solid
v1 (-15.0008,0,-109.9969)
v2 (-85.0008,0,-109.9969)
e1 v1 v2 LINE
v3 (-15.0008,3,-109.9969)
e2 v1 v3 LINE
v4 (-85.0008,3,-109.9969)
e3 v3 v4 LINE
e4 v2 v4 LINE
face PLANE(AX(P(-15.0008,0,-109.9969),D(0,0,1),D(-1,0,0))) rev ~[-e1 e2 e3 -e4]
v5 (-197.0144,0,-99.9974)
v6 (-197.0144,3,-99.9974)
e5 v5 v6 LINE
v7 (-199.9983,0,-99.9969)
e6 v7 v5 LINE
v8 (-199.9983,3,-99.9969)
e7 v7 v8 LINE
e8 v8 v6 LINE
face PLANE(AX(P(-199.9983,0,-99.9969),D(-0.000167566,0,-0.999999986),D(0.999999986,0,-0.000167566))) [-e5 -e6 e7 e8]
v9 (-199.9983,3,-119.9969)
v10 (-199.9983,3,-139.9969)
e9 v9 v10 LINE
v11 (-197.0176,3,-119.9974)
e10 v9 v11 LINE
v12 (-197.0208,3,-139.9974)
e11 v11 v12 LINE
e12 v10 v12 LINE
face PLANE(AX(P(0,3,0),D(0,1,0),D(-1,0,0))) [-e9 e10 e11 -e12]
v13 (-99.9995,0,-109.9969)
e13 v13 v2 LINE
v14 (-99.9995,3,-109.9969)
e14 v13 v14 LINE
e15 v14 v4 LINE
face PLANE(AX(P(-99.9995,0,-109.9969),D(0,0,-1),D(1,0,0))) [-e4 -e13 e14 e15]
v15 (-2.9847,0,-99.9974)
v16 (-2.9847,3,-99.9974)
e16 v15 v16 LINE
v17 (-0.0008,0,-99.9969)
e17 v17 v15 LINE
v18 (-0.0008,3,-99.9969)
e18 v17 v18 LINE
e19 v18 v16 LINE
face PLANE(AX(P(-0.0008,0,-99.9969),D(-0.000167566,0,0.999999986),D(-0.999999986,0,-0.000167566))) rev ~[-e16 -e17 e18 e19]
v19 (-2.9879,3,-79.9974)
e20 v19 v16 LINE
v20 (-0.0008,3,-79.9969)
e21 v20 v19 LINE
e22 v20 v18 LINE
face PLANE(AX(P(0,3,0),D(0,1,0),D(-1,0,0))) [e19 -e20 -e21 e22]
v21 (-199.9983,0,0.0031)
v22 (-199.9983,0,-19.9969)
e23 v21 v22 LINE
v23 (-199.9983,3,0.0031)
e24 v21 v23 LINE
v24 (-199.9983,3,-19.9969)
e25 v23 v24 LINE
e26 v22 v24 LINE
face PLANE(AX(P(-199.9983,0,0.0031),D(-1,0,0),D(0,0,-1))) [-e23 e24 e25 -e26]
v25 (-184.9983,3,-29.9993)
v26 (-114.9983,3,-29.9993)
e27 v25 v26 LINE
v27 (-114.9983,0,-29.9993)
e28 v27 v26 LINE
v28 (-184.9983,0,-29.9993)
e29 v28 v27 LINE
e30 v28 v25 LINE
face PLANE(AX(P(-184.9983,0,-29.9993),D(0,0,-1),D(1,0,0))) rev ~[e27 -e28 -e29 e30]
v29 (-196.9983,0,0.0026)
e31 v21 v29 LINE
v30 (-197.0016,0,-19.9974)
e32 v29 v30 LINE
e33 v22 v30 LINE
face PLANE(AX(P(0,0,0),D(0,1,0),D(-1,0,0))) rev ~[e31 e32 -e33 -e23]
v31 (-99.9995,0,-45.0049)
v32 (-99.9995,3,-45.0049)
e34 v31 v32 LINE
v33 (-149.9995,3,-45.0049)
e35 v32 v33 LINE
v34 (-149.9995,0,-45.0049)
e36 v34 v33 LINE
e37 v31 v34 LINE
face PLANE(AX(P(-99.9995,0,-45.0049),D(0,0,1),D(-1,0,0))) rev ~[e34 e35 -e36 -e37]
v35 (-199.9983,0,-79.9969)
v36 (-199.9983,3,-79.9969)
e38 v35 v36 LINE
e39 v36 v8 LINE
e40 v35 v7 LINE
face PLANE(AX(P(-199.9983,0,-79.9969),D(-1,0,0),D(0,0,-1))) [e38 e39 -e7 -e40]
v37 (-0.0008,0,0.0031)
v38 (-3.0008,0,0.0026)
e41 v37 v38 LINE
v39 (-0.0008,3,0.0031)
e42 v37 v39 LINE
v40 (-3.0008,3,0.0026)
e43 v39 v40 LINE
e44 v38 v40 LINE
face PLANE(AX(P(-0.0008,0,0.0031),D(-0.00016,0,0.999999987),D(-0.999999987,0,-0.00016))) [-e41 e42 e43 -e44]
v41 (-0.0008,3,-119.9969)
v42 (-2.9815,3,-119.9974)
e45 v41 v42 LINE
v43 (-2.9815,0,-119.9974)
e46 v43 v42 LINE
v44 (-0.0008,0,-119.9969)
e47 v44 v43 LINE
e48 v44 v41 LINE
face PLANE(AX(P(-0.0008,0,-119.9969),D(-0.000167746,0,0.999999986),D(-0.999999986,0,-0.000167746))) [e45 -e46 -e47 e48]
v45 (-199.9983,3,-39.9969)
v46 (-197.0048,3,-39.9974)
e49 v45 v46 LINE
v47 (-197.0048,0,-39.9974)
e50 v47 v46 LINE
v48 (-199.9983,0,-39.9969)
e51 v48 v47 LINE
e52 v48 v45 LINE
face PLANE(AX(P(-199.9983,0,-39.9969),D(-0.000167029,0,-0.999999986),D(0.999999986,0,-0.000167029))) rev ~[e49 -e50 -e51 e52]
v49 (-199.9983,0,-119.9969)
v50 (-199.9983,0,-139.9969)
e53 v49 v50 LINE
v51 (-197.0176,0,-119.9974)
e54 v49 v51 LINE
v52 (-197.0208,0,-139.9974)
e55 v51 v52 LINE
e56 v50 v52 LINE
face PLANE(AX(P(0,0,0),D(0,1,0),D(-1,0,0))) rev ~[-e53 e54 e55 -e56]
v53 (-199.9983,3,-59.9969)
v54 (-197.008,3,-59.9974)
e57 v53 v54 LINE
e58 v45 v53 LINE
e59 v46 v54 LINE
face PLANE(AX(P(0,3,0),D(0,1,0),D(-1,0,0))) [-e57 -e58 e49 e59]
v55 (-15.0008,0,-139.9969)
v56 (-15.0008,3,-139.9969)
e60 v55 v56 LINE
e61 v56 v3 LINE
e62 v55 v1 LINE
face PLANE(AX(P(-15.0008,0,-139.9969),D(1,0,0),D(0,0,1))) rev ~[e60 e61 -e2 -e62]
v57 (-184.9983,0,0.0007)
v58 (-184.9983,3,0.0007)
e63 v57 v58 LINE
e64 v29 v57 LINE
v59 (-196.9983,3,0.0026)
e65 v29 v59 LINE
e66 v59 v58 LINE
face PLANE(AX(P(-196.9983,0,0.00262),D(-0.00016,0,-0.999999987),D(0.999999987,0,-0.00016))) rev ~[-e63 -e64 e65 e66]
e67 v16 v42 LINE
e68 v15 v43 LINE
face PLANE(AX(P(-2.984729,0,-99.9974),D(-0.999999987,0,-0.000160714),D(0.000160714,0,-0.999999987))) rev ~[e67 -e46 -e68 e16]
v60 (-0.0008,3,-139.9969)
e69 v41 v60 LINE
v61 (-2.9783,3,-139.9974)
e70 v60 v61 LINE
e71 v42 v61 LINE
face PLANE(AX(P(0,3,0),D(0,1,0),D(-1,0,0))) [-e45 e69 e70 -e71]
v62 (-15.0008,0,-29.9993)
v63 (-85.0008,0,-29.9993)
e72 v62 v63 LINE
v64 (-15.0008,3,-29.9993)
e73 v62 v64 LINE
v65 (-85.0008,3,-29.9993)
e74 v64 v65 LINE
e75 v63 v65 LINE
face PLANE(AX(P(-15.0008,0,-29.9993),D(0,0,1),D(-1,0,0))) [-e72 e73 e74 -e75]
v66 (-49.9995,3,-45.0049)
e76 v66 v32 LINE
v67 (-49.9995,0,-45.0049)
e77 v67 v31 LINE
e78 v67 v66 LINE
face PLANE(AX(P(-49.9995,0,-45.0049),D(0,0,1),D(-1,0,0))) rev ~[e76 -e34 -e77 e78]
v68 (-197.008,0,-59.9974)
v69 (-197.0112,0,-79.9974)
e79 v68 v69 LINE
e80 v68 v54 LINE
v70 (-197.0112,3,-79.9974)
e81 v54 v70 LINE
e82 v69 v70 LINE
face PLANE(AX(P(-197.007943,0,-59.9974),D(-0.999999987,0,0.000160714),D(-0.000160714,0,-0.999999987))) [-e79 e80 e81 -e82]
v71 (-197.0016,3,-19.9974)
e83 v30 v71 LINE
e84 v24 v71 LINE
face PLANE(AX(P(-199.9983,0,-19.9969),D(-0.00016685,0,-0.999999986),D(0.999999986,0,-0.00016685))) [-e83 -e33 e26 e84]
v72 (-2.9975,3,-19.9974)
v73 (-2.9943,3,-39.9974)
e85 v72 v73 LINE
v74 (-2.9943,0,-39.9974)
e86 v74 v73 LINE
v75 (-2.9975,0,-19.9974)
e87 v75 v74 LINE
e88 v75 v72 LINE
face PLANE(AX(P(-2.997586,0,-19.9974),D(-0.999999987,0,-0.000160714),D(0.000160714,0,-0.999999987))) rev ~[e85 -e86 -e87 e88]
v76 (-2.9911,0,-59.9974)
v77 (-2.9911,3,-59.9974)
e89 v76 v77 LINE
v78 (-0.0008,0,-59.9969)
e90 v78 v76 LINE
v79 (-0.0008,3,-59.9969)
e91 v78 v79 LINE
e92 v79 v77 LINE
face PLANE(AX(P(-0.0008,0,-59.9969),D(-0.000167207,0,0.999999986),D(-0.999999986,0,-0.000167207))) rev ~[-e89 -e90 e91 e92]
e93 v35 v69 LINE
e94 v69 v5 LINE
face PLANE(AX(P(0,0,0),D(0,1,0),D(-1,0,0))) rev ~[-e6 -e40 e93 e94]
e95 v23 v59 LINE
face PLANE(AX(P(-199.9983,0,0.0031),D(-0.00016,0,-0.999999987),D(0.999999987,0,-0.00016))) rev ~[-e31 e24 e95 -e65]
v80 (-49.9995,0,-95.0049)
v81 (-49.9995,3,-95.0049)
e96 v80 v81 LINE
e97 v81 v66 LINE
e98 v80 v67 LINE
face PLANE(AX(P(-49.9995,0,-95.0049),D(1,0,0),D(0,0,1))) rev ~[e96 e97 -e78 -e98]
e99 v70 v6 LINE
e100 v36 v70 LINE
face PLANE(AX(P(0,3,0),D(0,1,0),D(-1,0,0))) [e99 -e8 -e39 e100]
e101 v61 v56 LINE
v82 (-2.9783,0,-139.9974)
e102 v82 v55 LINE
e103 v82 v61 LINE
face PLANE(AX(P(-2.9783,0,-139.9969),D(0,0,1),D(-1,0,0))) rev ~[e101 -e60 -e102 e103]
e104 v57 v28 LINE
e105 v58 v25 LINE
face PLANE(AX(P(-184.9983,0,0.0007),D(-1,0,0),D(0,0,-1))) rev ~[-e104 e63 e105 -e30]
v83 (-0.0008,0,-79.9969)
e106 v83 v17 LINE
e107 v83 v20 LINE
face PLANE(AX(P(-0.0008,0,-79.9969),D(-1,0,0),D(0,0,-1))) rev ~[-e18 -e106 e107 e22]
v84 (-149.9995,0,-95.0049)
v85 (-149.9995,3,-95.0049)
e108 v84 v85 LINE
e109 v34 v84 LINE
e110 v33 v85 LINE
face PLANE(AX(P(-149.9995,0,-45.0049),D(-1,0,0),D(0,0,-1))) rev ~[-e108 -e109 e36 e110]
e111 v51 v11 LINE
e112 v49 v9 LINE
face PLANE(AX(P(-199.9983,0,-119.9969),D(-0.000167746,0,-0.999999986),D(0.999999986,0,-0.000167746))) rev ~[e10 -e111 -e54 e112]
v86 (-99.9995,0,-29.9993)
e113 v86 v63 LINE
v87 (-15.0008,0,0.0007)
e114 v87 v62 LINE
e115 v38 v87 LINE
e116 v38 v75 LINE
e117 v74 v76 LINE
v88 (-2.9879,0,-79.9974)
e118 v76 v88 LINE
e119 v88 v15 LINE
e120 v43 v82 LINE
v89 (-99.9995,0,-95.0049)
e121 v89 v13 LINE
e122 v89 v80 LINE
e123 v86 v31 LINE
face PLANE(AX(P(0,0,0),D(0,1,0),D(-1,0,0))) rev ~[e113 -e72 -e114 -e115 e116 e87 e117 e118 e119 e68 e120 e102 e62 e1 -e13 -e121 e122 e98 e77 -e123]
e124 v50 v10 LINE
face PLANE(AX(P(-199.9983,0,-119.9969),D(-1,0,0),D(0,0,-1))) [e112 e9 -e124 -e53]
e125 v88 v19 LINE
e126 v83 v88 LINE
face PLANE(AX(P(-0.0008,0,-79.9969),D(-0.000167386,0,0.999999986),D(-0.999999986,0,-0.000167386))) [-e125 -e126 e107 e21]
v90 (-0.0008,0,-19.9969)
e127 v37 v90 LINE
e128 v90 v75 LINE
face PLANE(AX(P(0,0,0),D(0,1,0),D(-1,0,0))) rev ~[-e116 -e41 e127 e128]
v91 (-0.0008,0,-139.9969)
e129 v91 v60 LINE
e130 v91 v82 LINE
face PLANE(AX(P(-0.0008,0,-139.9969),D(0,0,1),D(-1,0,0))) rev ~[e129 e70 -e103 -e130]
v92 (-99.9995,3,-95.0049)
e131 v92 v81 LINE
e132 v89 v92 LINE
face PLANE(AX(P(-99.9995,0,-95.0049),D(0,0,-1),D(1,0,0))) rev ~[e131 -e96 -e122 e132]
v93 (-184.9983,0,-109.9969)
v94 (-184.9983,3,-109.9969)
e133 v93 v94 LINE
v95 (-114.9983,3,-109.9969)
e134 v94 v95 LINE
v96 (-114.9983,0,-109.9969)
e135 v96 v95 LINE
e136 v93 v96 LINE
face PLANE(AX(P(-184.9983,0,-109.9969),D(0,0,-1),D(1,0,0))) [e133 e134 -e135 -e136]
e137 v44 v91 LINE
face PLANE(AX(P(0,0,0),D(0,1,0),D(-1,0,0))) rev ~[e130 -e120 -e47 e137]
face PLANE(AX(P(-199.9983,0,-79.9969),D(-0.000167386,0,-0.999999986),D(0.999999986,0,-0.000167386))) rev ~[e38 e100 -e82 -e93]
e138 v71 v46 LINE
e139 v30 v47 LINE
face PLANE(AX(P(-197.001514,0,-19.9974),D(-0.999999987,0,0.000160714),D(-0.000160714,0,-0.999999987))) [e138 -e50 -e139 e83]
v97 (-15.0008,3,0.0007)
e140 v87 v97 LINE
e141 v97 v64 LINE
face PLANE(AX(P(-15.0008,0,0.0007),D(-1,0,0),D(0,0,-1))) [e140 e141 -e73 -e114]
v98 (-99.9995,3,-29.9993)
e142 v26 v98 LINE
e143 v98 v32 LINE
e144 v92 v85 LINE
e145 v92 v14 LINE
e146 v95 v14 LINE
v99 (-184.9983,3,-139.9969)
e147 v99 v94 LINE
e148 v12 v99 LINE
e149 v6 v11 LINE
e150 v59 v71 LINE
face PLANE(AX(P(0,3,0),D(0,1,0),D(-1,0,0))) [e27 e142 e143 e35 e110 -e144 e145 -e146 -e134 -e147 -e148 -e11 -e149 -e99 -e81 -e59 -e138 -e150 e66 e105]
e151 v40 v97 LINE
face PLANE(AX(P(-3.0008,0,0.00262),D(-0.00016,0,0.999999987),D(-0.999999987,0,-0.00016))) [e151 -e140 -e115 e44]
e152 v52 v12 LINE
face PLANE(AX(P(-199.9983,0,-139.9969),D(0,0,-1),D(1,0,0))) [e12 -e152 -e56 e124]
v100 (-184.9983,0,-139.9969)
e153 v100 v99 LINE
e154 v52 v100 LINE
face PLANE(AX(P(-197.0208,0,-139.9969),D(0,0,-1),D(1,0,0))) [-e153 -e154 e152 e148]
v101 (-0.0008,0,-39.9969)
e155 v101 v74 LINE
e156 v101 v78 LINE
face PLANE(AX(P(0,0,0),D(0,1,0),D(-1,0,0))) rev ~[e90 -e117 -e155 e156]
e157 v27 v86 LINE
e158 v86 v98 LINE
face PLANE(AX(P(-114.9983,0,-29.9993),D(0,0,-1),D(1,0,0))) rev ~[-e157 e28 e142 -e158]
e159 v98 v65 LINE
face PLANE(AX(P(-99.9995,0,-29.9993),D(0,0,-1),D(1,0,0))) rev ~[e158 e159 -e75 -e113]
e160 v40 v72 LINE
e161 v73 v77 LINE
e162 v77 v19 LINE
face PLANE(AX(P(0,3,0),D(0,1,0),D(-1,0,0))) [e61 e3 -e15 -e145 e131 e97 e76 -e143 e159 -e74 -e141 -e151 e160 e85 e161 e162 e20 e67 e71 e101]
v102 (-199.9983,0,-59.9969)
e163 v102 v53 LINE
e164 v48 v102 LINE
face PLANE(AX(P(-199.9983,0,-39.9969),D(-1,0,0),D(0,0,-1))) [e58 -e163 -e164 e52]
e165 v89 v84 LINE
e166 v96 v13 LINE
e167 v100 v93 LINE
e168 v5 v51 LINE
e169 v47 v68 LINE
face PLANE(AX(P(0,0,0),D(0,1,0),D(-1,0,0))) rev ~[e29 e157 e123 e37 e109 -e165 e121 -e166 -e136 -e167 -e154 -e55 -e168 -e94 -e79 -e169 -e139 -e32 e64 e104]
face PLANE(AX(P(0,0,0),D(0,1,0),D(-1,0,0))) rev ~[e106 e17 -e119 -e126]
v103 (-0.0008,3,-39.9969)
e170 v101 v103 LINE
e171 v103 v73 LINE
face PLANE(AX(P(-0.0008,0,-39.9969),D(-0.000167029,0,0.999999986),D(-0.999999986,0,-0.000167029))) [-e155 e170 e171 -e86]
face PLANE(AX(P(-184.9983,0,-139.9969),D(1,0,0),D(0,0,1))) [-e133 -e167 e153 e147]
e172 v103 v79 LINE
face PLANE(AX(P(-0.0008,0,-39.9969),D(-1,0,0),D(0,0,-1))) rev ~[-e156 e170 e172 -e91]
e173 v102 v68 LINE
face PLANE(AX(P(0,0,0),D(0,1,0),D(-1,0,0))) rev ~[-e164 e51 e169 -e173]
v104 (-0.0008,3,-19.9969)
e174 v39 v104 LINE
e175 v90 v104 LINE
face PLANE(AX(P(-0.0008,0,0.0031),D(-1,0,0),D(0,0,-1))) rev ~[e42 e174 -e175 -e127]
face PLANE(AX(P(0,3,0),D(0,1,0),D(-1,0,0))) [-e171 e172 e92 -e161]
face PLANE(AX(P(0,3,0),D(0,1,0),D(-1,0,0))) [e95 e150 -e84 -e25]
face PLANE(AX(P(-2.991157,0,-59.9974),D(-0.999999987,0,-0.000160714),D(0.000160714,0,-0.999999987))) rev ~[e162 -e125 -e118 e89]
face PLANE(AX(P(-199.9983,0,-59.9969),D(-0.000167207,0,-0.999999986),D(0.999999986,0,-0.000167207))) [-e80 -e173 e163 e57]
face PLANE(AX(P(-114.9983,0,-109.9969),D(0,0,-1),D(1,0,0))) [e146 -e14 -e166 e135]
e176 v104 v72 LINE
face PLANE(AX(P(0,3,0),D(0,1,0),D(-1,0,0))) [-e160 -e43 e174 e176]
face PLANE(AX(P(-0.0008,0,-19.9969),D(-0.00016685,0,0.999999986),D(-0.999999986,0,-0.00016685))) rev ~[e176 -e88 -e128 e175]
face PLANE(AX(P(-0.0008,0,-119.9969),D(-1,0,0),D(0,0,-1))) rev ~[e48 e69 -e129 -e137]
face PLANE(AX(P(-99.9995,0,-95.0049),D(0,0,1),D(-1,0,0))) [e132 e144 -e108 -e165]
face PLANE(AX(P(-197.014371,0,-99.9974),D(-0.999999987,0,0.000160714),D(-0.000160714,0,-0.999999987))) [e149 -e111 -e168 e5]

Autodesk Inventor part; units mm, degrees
ref_plane "YZ Plane" through (0, 0, 0) normal (1, 0, 0) x (0, 1, 0)
ref_plane "XZ Plane" through (0, 0, 0) normal (0, 1, 0) x (-1, 0, 0)
ref_plane "XY Plane" through (0, 0, 0) normal (0, 0, 1) x (1, 0, 0)
sketch "Sketch1" plane through (0, 0, 0) normal (0, 1, 0) x (-1, 0, 0)
  line L0 (199.9983, 0.0031) -> (184.9983, 0.0007)
  line L1 (199.9983, 0.0031) -> (214.9983, 0.0031) construction
  line L2 (184.9983, 0.0007) -> (184.9983, -29.9993)
  line L3 (184.9983, -29.9993) -> (114.9983, -29.9993)
  line L4 (114.9983, -29.9993) -> (114.9983, 0.0007)
  line L5 (199.9983, -139.9969) -> (184.9983, -139.9969)
  line L6 (199.9983, -139.9969) -> (214.9983, -139.9969) construction
  line L7 (184.9983, -139.9969) -> (184.9983, -109.9969)
  line L8 (184.9983, -109.9969) -> (114.9983, -109.9969)
  line L9 (114.9983, -109.9969) -> (114.9983, -139.9969)
  line L10 (199.9983, 0.0031) -> (196.9983, 0.0026)
  line L11 (196.9983, 0.0026) -> (197.0208, -139.9974)
  line L12 (196.9983, 0.0026) -> (336.9983, 0.0026) construction
  line L13 (199.9983, 0.0031) -> (199.9983, -19.9969)
  line L14 (199.9983, -19.9969) -> (199.9983, -39.9969)
  line L15 (199.9983, -39.9969) -> (199.9983, -59.9969)
  line L16 (199.9983, -59.9969) -> (199.9983, -79.9969)
  line L17 (199.9983, -79.9969) -> (199.9983, -99.9969)
  line L18 (199.9983, -99.9969) -> (199.9983, -119.9969)
  line L19 (199.9983, -119.9969) -> (199.9983, -139.9969)
  line L20 (199.9983, -19.9969) -> (197.0016, -19.9974)
  line L21 (199.9983, -39.9969) -> (197.0048, -39.9974)
  line L22 (199.9983, -59.9969) -> (197.008, -59.9974)
  line L23 (199.9983, -79.9969) -> (197.0112, -79.9974)
  line L24 (199.9983, -99.9969) -> (197.0144, -99.9974)
  line L25 (199.9983, -119.9969) -> (197.0176, -119.9974)
  line L26 (99.9995, -0.013) -> (99.9995, -139.9969)
  line L27 (99.9995, -139.9969) -> (199.9983, -139.9969)
  line L28 (99.9995, -0.013) -> (199.9983, 0.0031)
  line L29 (0.0008, 0.0031) -> (15.0008, 0.0007)
  line L30 (0.0008, 0.0031) -> (-14.9992, 0.0031) construction
  line L31 (15.0008, 0.0007) -> (15.0008, -29.9993)
  line L32 (15.0008, -29.9993) -> (85.0008, -29.9993)
  line L33 (85.0008, -29.9993) -> (85.0008, 0.0007)
  line L34 (85.0008, -109.9969) -> (85.0008, -139.9969)
  line L35 (15.0008, -139.9969) -> (15.0008, -109.9969)
  line L36 (15.0008, -109.9969) -> (85.0008, -109.9969)
  line L37 (0.0008, -139.9969) -> (15.0008, -139.9969)
  line L38 (0.0008, -139.9969) -> (-14.9992, -139.9969) construction
  line L39 (0.0008, 0.0031) -> (3.0008, 0.0026)
  line L40 (3.0008, 0.0026) -> (2.9783, -139.9974)
  line L41 (3.0008, 0.0026) -> (-136.9992, 0.0026) construction
  line L42 (0.0008, 0.0031) -> (0.0008, -19.9969)
  line L43 (0.0008, -19.9969) -> (0.0008, -39.9969)
  line L44 (0.0008, -39.9969) -> (0.0008, -59.9969)
  line L45 (0.0008, -59.9969) -> (0.0008, -79.9969)
  line L46 (0.0008, -79.9969) -> (0.0008, -99.9969)
  line L47 (0.0008, -99.9969) -> (0.0008, -119.9969)
  line L48 (0.0008, -119.9969) -> (0.0008, -139.9969)
  line L49 (0.0008, -19.9969) -> (2.9975, -19.9974)
  line L50 (0.0008, -39.9969) -> (2.9943, -39.9974)
  line L51 (0.0008, -59.9969) -> (2.9911, -59.9974)
  line L52 (0.0008, -79.9969) -> (2.9879, -79.9974)
  line L53 (0.0008, -99.9969) -> (2.9847, -99.9974)
  line L54 (0.0008, -119.9969) -> (2.9815, -119.9974)
  line L55 (99.9995, -139.9969) -> (0.0008, -139.9969)
  line L56 (99.9995, -0.013) -> (0.0008, 0.0031)
  line L57 (114.9983, -109.9969) -> (85.0008, -109.9969)
  line L58 (114.9983, -29.9993) -> (85.0008, -29.9993)
  line L59 (99.9995, -70.0049) -> (99.9995, -95.0049)
  line L60 (99.9995, -95.0049) -> (149.9995, -95.0049)
  line L61 (149.9995, -95.0049) -> (49.9995, -95.0049)
  line L62 (49.9995, -95.0049) -> (49.9995, -45.0049)
  line L63 (49.9995, -45.0049) -> (149.9995, -45.0049)
  line L64 (149.9995, -45.0049) -> (149.9995, -95.0049)
  point P0 (0, 0)
  point P1 (85.0008, -0.0106)
  point P2 (114.9983, -0.0106)
  dimension "d2" = 15
  dimension "d3" = 179.991
  dimension "d4" = 30
  dimension "d5" = 70
  dimension "d6" = 90
  dimension "d12" = 3
  dimension "d13" = 140
  dimension "d14" = 89.991
  dimension "d15" = 20
  dimension "d16" = 20
  dimension "d17" = 20
  dimension "d18" = 20
  dimension "d19" = 20
  dimension "d20" = 20
  dimension "d21" = 20
  dimension "d24" = 25
  dimension "d25" = 50
  dimension "d26" = 100
  dimension "d27" = 50
extrude "Extrusion1" add sketch "Sketch1" along normal blind 3 contours L13 L20 L11 L0 | L11 L5 L7 L8 L57 L26 L60 L64 L63 L58 L3 L2 L0 | L15 L22 L11 L21 | L17 L24 L11 L23 | L26 L63 L62 L61 L57 L36 L35 L37 L40 L29 L31 L32 L58 | L19 L5 L11 L25 | L40 L49 L42 L29 | L40 L51 L44 L50 | L40 L53 L46 L52 | L37 L48 L54 L40
properties part number "bovenkant"
